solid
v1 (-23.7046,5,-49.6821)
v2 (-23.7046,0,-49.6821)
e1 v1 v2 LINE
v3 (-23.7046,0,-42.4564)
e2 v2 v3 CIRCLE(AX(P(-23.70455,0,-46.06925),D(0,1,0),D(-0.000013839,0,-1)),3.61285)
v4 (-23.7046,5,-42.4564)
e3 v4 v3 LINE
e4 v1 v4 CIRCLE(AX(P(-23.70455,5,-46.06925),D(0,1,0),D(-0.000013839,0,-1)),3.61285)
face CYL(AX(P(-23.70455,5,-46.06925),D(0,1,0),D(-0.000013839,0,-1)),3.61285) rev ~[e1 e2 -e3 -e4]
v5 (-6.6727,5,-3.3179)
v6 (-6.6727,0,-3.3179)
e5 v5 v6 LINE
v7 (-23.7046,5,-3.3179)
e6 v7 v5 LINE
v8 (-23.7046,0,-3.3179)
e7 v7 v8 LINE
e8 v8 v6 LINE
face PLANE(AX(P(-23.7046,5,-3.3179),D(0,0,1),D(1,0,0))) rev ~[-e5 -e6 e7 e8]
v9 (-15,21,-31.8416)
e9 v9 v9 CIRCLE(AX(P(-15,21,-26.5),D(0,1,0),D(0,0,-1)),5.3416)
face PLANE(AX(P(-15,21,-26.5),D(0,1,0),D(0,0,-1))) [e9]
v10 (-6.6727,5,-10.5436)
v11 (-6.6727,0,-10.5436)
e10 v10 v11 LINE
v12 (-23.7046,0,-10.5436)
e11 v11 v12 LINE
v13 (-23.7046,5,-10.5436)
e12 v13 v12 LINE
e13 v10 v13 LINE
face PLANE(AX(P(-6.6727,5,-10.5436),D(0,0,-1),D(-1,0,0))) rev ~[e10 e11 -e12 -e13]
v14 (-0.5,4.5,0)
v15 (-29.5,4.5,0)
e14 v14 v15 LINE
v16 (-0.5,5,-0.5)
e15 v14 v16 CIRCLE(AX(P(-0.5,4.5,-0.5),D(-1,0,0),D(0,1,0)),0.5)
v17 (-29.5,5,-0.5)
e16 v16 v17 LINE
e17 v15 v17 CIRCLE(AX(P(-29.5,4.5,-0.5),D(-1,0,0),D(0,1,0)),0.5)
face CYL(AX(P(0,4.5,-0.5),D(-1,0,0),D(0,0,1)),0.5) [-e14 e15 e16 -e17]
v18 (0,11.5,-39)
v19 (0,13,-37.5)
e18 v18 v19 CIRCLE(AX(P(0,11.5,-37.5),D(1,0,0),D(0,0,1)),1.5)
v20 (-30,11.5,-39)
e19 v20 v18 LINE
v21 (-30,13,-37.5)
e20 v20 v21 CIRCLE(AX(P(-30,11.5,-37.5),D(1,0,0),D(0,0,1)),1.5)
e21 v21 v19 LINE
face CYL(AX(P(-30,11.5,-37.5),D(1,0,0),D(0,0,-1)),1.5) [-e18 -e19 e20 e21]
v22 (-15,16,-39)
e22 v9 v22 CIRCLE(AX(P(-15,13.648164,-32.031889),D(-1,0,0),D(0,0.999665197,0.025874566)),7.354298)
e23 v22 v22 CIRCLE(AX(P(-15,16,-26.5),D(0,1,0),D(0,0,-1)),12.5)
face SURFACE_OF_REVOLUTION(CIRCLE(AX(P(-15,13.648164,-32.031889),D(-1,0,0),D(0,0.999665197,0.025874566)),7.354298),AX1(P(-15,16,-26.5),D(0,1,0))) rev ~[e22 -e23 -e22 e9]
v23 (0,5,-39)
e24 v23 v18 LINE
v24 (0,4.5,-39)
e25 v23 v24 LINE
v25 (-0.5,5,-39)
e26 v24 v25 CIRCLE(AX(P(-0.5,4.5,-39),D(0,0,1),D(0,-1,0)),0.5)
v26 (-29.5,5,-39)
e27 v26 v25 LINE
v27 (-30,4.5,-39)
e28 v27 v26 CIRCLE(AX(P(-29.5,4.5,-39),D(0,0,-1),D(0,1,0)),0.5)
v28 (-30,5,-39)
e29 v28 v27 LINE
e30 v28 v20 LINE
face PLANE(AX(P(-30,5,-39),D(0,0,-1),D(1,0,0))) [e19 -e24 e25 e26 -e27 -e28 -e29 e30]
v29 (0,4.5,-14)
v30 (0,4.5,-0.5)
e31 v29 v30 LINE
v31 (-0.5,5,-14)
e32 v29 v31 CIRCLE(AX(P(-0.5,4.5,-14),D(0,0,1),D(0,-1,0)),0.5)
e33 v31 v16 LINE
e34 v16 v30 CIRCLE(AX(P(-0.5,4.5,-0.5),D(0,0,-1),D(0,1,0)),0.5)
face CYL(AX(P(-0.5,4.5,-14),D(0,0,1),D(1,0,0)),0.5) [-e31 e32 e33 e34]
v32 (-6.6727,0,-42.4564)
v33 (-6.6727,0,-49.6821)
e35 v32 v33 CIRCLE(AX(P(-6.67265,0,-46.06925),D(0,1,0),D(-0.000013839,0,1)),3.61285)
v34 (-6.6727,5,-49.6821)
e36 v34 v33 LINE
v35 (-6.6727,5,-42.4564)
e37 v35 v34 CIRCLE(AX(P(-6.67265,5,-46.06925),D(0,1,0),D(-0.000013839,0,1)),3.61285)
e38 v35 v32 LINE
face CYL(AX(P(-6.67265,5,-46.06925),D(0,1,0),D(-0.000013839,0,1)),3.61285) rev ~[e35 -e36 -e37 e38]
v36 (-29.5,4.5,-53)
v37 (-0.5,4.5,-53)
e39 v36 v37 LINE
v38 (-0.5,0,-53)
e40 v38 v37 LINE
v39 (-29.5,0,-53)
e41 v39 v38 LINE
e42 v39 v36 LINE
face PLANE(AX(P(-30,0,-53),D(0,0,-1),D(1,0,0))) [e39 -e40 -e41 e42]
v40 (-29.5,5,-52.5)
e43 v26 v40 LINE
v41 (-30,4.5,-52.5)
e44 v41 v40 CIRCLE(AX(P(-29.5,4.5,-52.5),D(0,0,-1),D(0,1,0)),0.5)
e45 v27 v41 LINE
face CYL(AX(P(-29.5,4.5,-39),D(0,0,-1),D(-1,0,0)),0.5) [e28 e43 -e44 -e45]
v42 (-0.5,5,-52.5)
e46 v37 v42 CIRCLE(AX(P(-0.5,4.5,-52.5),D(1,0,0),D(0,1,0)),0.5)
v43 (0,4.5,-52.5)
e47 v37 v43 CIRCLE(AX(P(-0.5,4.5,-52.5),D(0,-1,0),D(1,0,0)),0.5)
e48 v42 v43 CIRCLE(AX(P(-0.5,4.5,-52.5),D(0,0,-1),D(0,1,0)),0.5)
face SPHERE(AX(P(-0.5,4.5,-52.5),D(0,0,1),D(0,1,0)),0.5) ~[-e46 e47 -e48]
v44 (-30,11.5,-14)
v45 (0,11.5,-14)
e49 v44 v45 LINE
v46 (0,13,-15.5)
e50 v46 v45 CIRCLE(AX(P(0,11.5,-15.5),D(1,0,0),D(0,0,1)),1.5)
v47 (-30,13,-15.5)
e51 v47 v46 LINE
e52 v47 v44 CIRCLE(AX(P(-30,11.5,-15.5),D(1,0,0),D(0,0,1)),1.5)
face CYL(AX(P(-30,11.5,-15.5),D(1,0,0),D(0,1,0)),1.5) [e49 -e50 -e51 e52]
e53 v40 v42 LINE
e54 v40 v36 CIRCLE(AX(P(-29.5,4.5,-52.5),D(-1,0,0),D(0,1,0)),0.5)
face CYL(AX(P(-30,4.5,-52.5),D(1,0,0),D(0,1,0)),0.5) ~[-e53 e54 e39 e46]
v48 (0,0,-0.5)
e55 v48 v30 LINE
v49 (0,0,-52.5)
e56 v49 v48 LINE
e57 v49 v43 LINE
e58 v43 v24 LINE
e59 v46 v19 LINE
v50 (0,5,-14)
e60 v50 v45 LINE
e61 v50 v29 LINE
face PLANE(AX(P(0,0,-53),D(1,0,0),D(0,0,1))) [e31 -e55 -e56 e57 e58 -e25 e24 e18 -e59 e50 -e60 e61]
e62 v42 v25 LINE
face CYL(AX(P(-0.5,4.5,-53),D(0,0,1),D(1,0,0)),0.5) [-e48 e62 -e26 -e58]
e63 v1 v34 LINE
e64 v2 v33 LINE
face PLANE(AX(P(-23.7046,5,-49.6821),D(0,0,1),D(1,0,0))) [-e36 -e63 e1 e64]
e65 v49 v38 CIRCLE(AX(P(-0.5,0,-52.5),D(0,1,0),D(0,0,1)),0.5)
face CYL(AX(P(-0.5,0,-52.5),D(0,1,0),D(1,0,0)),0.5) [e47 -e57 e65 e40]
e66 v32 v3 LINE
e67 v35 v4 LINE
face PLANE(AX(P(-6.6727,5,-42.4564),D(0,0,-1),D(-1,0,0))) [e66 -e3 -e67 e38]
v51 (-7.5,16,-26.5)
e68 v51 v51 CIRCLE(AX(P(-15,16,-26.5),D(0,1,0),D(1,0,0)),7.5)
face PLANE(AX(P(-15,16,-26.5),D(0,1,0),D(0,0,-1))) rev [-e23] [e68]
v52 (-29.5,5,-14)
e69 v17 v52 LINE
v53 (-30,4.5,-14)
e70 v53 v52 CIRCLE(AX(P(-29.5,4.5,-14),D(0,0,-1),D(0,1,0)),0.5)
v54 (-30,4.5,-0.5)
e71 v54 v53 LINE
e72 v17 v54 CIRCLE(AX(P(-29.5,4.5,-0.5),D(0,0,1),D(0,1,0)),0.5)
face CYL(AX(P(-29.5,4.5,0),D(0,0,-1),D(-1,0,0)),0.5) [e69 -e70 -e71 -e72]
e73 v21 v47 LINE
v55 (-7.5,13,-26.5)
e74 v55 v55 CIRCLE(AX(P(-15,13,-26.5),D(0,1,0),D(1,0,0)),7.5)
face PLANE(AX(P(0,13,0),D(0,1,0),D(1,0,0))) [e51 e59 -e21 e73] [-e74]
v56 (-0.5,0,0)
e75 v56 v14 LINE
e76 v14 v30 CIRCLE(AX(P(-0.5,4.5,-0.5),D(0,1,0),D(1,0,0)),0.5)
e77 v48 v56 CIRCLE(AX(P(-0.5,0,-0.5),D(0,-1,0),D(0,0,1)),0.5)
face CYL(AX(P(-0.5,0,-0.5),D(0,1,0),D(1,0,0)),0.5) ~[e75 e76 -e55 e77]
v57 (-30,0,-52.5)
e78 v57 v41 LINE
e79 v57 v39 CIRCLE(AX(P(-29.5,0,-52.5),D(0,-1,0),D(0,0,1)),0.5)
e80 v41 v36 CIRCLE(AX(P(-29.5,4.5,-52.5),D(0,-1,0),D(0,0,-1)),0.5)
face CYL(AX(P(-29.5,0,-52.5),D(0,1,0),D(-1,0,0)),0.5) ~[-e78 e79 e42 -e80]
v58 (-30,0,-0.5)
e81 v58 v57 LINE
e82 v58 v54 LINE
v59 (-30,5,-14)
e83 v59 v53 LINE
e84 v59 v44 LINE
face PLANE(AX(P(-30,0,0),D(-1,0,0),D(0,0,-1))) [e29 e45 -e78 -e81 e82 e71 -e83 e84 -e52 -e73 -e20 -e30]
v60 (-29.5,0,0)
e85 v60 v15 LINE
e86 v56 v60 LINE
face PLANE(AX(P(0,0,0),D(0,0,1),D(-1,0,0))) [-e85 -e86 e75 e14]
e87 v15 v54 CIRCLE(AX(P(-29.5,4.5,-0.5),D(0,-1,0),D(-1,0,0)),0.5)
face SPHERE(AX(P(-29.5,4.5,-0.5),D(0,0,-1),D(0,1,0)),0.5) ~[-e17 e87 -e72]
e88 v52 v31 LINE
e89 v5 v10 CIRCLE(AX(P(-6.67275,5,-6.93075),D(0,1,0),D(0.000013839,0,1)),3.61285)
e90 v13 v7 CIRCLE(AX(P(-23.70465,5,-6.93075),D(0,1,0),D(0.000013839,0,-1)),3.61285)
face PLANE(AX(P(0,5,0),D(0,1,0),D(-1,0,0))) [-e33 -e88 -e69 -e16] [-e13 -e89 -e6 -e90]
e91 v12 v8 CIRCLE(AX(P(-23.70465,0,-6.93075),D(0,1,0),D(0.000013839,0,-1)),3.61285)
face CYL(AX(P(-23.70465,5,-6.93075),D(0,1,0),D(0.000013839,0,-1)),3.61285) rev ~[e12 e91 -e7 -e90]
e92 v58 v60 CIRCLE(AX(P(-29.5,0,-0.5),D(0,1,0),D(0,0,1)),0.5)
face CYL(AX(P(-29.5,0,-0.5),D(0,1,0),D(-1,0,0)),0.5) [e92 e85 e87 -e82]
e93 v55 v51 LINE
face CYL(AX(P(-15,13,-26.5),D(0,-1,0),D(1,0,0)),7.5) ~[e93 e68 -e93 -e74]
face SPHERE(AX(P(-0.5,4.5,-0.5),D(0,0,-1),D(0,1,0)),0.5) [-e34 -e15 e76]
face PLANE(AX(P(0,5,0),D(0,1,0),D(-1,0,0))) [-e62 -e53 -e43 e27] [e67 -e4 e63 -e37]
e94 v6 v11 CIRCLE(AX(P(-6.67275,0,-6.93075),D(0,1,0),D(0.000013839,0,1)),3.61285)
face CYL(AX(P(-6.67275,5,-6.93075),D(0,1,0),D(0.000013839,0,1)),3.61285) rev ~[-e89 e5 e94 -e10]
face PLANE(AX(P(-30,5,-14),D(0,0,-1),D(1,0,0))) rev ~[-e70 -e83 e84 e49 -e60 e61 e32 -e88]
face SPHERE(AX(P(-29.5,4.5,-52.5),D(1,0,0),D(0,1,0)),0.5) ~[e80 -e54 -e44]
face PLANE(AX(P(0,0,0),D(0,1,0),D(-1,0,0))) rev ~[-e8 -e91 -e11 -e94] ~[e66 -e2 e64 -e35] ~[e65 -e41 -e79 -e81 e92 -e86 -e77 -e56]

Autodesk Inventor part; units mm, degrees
ref_plane "YZ Plane" through (0, 0, 0) normal (1, 0, 0) x (0, 1, 0)
ref_plane "XZ Plane" through (0, 0, 0) normal (0, 1, 0) x (-1, 0, 0)
sketch "Sketch1" plane through (0, 0, 0) normal (0, 1, 0) x (-1, 0, 0)
  line L0 (0, 0) -> (30, 0)
  line L1 (30, 0) -> (30, -53)
  line L2 (30, -53) -> (0, -53)
  line L3 (0, -53) -> (0, 0)
  dimension "d0" = 30
  dimension "d1" = 53
extrude "Extrusion1" add sketch "Sketch1" along normal blind 5
sketch "Sketch2" plane through (0, 5, 0) normal (0, 1, 0) x (1, 0, 0)
  line L0 (-30, 53) -> (-30, 0) projected
  line L1 (0, 53) -> (-30, 53)
  line L2 (-30, 53) -> (-30, 39)
  line L3 (-30, 39) -> (0, 39)
  line L4 (0, 39) -> (0, 53)
  line L5 (0, 0) -> (-30, 0)
  line L6 (-30, 0) -> (-30, 14)
  line L7 (-30, 14) -> (0, 14)
  line L8 (0, 14) -> (0, 0)
  line L9 (0, 39) -> (-30, 39)
  line L10 (-30, 39) -> (-30, 14)
  line L11 (-30, 14) -> (0, 14)
  line L12 (0, 14) -> (0, 39)
  dimension "d4" = 14
  dimension "d5" = 14
extrude "Extrusion2" add sketch "Sketch2" along normal blind 8 contours L3 L12 L7 L0
sketch "Sketch3" plane through (0, 13, 0) normal (0, 1, 0) x (1, 0, 0)
  circle A0 centre (-15, 26.5) radius 7.5
  point P0 (0, 0)
  dimension "d8" = 15
extrude "Extrusion3" add sketch "Sketch3" along normal blind 3
ref_plane "Work Plane1" through (-15, 0, -53) normal (-1, 0, 0) x (0, 0, 1)
sketch "Sketch4" plane through (-15, 0, -53) normal (-1, 0, 0) x (0, 0, 1)
  line L0 (19, 16) -> (26.5, 16)
  line L1 (14, 5) -> (14, 13) projected
  line L2 (39, 5) -> (39, 13) projected
  line L3 (53, 0) -> (0, 0) projected
  line L4 (53, 0) -> (53, 5) projected
  line L5 (39, 5) -> (53, 5) projected
  line L6 (39, 5) -> (39, 13) projected
  line L7 (14, 13) -> (39, 13) projected
  line L8 (14, 5) -> (14, 13) projected
  line L9 (0, 5) -> (14, 5) projected
  line L10 (0, 0) -> (0, 5) projected
  line L11 (26.5, 16) -> (14, 16)
  line L12 (26.5, 16) -> (26.5, 21)
  arc A0 (21.1584, 21) -> (14, 16) centre (20.9681, 13.6482) ccw
  line L13 (21.1584, 21) -> (26.5, 21)
revolve "Revolution1" add sketch "Sketch4" angle 360 about axis through (-15, 16, -26.5) along (0, 1, 0) contours L11 A0 L13 L12 L0
sketch "Sketch5" plane through (0, 5, 0) normal (0, 1, 0) x (1, 0, 0)
  line L0 (-6.6727, 10.5436) -> (-23.7046, 10.5436)
  line L1 (-23.7046, 3.3179) -> (-6.6727, 3.3179)
  arc A0 (-6.6727, 3.3179) -> (-6.6727, 10.5436) centre (-6.6727, 6.9307) ccw
  arc A1 (-23.7046, 10.5436) -> (-23.7046, 3.3179) centre (-23.7046, 6.9307) ccw
  line L2 (0, 14) -> (0, 39) projected
  line L3 (0, 26.5) -> (-37.5908, 26.5)
  line L4 (-6.6727, 42.4564) -> (-23.7046, 42.4564)
  line L5 (-23.7046, 49.6821) -> (-6.6727, 49.6821)
  arc A2 (-6.6727, 42.4564) -> (-6.6727, 49.6821) centre (-6.6727, 46.0693) ccw
  arc A3 (-23.7046, 49.6821) -> (-23.7046, 42.4564) centre (-23.7046, 46.0693) ccw
  point P0 (0, 0)
extrude "Extrusion4" cut sketch "Sketch5" against normal blind 32
fillet "Fillet1" radius 0.5 10 edges at (0, 5, -7) (-30, 5, -7) (-15, 5, 0) (0, 5, -46) (-15, 5, -53) (-30, 5, -46) (-30, 2.5, -53) (-30, 2.5, 0) (0, 2.5, 0) (0, 2.5, -53)
fillet "Fillet2" radius 1.5 2 edges at (-15, 13, -14) (-15, 13, -39)
properties part number "button"
